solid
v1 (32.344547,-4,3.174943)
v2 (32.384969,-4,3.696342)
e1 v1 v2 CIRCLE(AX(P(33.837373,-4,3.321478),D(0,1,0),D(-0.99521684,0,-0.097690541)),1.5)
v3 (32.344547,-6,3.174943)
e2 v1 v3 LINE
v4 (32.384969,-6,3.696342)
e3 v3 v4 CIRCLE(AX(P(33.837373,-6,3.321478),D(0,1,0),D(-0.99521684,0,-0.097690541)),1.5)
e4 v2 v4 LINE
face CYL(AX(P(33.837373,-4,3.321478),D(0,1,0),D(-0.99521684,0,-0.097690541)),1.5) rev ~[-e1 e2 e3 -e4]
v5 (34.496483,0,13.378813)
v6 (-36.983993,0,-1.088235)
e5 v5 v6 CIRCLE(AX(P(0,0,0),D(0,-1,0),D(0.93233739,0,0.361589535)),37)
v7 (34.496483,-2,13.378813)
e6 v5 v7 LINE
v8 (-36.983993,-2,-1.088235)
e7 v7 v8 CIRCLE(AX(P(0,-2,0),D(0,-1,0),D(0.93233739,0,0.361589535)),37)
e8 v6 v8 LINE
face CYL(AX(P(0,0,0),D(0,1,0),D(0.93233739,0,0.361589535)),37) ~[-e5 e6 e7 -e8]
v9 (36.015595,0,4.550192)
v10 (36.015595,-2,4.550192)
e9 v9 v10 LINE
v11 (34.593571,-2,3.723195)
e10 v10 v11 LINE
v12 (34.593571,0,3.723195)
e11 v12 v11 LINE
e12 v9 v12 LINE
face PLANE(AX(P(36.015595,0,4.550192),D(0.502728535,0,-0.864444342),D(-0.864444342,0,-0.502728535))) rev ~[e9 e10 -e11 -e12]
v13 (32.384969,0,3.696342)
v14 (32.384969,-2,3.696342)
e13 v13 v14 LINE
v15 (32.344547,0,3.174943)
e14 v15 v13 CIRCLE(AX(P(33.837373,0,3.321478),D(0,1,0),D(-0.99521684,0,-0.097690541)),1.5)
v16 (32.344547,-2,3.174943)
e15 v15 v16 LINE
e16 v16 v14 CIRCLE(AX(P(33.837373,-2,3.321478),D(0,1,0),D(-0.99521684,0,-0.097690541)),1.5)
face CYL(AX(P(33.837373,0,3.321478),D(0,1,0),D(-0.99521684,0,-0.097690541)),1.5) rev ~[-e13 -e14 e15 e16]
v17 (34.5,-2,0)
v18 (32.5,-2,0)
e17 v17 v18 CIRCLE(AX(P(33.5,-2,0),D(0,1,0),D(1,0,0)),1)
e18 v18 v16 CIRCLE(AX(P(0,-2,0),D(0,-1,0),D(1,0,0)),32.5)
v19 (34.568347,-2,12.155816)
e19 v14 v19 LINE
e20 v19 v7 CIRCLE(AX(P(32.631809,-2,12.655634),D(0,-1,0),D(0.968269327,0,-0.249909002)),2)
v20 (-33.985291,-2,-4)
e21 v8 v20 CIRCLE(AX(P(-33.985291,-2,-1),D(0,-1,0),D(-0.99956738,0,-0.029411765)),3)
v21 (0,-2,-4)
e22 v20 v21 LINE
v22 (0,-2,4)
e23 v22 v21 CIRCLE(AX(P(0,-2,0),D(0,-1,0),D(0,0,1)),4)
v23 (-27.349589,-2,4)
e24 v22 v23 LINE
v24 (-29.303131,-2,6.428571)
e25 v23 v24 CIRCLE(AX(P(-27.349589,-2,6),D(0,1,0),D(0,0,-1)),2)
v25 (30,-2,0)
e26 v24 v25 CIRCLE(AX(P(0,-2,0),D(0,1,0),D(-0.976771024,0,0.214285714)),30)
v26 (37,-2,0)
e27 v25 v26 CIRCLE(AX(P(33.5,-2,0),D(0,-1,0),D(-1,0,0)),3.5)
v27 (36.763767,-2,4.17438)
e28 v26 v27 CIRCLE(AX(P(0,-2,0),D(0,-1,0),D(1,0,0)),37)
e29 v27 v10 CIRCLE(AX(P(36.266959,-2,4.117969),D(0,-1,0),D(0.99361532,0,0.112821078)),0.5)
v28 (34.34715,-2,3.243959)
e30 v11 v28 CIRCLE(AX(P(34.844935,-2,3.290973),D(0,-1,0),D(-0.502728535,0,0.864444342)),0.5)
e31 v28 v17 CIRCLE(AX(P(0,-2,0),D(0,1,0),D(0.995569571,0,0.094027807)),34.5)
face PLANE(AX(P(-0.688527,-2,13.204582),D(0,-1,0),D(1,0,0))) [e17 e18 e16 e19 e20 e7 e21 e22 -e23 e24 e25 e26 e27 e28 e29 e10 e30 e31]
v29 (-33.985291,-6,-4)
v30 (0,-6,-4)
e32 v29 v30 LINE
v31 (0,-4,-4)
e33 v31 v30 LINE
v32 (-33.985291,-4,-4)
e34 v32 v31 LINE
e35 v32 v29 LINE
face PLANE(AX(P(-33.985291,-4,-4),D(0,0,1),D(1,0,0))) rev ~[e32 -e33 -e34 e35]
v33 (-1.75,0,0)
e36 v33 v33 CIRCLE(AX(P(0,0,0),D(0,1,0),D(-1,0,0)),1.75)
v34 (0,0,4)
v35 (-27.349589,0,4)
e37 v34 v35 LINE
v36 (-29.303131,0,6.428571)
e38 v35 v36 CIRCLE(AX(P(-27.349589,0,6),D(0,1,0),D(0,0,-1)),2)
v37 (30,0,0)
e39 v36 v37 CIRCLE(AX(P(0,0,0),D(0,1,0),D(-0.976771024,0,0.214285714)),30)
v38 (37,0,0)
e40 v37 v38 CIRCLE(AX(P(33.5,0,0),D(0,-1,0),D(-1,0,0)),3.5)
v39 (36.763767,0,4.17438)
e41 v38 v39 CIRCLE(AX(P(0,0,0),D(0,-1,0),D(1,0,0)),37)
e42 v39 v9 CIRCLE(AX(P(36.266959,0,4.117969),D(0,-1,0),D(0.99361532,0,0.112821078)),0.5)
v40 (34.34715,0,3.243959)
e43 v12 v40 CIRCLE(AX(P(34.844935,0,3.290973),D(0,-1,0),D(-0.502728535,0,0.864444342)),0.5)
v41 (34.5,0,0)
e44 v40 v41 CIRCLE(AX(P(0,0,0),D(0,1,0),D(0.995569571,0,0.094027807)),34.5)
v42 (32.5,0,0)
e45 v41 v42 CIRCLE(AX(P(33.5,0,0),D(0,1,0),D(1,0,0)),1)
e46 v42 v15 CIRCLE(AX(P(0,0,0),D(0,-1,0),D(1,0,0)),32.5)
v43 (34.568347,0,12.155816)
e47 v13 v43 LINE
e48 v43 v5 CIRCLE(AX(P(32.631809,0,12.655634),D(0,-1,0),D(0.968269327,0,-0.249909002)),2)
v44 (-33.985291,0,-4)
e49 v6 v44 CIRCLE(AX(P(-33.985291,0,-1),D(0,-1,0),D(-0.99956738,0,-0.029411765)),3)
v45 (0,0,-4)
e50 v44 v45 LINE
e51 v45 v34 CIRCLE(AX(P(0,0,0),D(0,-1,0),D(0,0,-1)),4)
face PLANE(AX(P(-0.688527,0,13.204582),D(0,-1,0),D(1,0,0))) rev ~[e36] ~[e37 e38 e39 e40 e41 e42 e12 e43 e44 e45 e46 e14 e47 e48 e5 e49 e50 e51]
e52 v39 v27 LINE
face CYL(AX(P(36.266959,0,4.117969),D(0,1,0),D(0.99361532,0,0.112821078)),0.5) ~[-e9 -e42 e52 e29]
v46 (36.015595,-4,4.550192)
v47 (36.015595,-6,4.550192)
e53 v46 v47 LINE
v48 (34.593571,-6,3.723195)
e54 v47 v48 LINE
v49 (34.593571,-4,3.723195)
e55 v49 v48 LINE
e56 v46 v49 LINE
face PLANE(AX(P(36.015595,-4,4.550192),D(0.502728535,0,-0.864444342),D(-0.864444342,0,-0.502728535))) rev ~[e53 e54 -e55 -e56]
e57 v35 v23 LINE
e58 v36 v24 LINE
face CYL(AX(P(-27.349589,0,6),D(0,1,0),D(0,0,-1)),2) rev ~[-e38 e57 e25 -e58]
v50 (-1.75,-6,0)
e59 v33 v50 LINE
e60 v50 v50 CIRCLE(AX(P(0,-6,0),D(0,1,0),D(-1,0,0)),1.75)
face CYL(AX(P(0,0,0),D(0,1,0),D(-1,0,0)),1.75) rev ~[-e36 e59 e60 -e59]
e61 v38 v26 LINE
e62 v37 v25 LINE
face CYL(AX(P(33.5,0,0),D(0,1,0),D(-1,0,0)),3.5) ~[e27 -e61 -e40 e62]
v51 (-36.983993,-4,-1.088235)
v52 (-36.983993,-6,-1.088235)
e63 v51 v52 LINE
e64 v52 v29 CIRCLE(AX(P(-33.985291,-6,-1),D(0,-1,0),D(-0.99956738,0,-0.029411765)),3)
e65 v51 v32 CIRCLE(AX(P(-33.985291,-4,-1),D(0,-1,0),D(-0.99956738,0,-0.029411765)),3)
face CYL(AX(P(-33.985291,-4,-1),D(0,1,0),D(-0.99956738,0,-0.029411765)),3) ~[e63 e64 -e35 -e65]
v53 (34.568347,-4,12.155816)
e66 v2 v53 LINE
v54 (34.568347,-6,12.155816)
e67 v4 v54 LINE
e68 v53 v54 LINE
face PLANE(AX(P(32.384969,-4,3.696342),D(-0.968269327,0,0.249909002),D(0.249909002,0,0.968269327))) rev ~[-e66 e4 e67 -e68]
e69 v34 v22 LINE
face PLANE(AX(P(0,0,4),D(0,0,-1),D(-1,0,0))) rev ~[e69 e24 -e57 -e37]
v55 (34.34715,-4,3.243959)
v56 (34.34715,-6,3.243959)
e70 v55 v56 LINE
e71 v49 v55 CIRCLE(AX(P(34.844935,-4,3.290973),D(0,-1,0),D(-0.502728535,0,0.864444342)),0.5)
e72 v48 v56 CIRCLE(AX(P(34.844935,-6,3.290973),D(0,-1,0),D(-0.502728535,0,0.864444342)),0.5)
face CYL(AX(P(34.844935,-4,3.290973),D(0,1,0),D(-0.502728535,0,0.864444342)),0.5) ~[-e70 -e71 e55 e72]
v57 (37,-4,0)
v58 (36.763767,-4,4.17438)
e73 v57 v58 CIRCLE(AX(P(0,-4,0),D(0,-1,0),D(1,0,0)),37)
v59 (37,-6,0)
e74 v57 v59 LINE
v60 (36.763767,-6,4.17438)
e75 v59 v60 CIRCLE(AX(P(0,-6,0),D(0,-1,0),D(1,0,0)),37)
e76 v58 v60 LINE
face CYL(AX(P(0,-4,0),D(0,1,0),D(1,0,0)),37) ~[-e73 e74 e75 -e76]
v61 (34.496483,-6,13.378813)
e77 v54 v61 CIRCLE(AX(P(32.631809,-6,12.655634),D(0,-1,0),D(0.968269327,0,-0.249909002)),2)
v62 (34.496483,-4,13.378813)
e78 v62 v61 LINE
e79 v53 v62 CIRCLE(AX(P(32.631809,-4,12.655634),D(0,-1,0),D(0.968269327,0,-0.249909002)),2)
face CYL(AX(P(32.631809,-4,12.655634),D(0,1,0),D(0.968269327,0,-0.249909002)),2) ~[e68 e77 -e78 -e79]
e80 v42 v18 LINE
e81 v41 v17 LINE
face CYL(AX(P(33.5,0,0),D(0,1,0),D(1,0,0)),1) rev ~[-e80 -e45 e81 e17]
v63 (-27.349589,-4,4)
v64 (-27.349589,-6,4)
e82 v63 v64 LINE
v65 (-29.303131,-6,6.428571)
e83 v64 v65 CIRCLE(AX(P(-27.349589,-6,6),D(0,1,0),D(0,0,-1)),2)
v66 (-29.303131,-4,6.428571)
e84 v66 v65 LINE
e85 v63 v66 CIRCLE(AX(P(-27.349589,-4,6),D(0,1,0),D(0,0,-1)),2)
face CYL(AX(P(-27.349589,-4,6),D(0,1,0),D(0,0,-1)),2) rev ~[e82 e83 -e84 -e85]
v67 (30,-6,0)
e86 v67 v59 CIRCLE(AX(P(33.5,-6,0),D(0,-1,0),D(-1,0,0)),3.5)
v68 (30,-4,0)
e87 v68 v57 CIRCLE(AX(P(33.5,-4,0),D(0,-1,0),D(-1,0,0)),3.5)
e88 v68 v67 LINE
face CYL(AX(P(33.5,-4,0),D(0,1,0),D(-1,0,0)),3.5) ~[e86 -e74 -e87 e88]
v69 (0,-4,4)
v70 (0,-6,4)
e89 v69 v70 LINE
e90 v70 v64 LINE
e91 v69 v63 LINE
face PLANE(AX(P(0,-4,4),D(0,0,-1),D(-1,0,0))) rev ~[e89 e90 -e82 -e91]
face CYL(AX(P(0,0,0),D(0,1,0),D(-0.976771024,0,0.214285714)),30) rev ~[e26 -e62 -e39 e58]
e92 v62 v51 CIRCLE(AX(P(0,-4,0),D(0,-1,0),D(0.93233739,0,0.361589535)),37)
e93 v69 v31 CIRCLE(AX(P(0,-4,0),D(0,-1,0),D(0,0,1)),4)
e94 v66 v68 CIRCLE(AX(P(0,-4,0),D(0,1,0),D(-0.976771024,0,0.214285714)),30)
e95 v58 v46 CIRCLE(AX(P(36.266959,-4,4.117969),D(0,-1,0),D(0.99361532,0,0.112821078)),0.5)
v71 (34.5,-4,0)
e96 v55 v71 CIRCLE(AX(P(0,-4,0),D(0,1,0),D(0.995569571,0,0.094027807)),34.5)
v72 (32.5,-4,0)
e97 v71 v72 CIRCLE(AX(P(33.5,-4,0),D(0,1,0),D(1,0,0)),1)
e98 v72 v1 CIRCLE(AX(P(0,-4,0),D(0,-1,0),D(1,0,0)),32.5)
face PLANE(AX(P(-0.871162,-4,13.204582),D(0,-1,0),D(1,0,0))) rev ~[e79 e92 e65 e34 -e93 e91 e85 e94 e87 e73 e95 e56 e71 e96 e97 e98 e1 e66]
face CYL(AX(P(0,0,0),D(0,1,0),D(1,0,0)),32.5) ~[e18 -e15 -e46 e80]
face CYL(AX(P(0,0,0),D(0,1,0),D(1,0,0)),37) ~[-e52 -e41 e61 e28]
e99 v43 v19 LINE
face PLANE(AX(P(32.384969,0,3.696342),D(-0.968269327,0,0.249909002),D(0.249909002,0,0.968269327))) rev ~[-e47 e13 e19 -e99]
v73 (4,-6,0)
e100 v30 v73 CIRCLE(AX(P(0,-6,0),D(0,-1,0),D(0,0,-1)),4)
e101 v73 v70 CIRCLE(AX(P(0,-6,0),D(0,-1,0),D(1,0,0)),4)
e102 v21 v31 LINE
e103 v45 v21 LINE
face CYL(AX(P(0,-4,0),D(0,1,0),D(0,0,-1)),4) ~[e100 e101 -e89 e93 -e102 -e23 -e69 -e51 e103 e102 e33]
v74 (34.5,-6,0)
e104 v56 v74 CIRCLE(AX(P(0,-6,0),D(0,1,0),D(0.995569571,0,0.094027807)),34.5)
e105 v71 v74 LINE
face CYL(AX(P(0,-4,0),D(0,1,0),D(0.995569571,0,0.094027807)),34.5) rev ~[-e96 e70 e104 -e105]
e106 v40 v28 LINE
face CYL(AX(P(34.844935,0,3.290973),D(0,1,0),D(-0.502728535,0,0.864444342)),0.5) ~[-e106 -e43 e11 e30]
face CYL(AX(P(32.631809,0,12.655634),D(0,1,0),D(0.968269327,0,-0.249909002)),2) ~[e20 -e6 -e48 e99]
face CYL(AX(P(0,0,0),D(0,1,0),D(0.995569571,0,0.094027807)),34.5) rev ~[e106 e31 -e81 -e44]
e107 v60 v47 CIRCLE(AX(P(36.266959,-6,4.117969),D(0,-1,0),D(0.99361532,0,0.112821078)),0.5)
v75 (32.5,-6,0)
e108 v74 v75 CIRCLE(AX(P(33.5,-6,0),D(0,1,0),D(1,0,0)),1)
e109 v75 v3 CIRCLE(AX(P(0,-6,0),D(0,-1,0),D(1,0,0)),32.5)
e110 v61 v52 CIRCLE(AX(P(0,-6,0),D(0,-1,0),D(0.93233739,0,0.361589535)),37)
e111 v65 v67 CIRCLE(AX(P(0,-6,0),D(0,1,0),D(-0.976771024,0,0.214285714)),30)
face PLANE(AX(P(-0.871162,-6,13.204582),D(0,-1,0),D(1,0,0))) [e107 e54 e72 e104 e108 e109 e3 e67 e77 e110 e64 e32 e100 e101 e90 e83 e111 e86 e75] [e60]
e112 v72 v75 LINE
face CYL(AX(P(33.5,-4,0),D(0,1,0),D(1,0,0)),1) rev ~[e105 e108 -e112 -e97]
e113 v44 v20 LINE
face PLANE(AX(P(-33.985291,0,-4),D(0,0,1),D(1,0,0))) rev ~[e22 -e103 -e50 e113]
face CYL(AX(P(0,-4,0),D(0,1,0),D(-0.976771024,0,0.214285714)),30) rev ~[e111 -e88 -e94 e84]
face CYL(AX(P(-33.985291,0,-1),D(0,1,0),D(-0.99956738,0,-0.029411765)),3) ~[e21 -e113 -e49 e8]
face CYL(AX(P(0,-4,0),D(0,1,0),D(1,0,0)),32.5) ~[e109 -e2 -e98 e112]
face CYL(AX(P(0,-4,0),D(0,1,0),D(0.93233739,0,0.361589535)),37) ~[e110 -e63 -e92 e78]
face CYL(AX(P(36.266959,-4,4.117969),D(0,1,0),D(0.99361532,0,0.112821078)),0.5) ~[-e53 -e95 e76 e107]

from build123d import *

# Parameters (mm, degrees)
F1_DEPTH = 2
F3_DEPTH = 2
F5_DEPTH = 2
F6_R     = 1.75
F7_DEPTH = 6


with BuildPart() as f1:
    # F0 (on Front) → F1 (new body)
    with BuildSketch(Plane.XZ):
        with BuildLine():
            Line((36.0155949142, 4.5501915368), (34.5935707333, 3.7231953967))
            ThreePointArc((34.5935707333, 3.7231953967), (34.4002745916, 3.51961513), (34.3471502153, 3.2439593227))
            ThreePointArc((34.3471502153, 3.2439593227), (34.4617663682, 1.6237791679), (34.5, 0))
            ThreePointArc((34.5, 0), (33.5, -1), (32.5, 0))
            ThreePointArc((32.5, 0), (32.4611135591, 1.589372991), (32.344547292, 3.1749425938))
            ThreePointArc((32.344547292, 3.1749425938), (32.3418598815, 3.4374174131), (32.3849685604, 3.6963419093))
            Line((32.3849685604, 3.6963419093), (34.5683472951, 12.1558157161))
            ThreePointArc((34.5683472951, 12.1558157161), (34.6283647637, 12.7729522849), (34.4964834196, 13.3788127905))
            ThreePointArc((34.4964834196, 13.3788127905), (-7.3396727546, 36.2647101719), (-36.9839930773, -1.0882352941))
            ThreePointArc((-36.9839930773, -1.0882352941), (-36.075182574, -3.1522901619), (-33.9852909359, -4))
            Line((-33.9852909359, -4), (-29.7321374946, -4))
            Line((-29.7321374946, -4), (0, -4))
            ThreePointArc((0, -4), (4, 0), (0, 4))
            Line((0, 4), (-27.3495886624, 4))
            ThreePointArc((-27.3495886624, 4), (-28.9079761073, 4.7464336589), (-29.3031307097, 6.4285714286))
            ThreePointArc((-29.3031307097, 6.4285714286), (3.2331160442, 29.825273857), (30, 0))
            ThreePointArc((30, 0), (33.5, -3.5), (37, 0))
            ThreePointArc((37, 0), (36.9408945016, 2.0905294604), (36.7637668419, 4.1743799053))
            ThreePointArc((36.7637668419, 4.1743799053), (36.4913900405, 4.5647699812), (36.0155949142, 4.5501915368))
        make_face()
    extrude(amount=F1_DEPTH)

    # F2 (on face) → F3 (join)
    with BuildSketch(Plane.XZ.offset(2)):
        with BuildLine():
            ThreePointArc((0, -4), (2.8284271247, -2.8284271247), (4, 0))
            ThreePointArc((4, 0), (2.8284271247, 2.8284271247), (0, 4))
            ThreePointArc((0, 4), (-4, 0), (0, -4))
        make_face()
    extrude(amount=F3_DEPTH)

    # F4 (on face) → F5 (join)
    with BuildSketch(Plane.XZ.offset(4)):
        with BuildLine():
            Line((36.0155949142, 4.5501915368), (34.5935707333, 3.7231953967))
            ThreePointArc((34.5935707333, 3.7231953967), (34.4002745916, 3.51961513), (34.3471502153, 3.2439593227))
            ThreePointArc((34.3471502153, 3.2439593227), (34.4617663682, 1.6237791679), (34.5, 0))
            ThreePointArc((34.5, 0), (33.5, -1), (32.5, 0))
            ThreePointArc((32.5, 0), (32.4611135591, 1.589372991), (32.344547292, 3.1749425938))
            ThreePointArc((32.344547292, 3.1749425938), (32.3418598815, 3.4374174131), (32.3849685604, 3.6963419093))
            Line((32.3849685604, 3.6963419093), (34.5683472951, 12.1558157161))
            ThreePointArc((34.5683472951, 12.1558157161), (34.6283647637, 12.7729522849), (34.4964834196, 13.3788127905))
            ThreePointArc((34.4964834196, 13.3788127905), (-7.3396727546, 36.2647101719), (-36.9839930773, -1.0882352941))
            ThreePointArc((-36.9839930773, -1.0882352941), (-36.075182574, -3.1522901619), (-33.9852909359, -4))
            Line((-33.9852909359, -4), (-29.7321374946, -4))
            Line((-29.7321374946, -4), (0, -4))
            ThreePointArc((0, -4), (-4, 0), (0, 4))
            Line((0, 4), (-27.3495886624, 4))
            ThreePointArc((-27.3495886624, 4), (-28.9079761073, 4.7464336589), (-29.3031307097, 6.4285714286))
            ThreePointArc((-29.3031307097, 6.4285714286), (3.2331160442, 29.825273857), (30, 0))
            ThreePointArc((30, 0), (33.5, -3.5), (37, 0))
            ThreePointArc((37, 0), (36.9408945016, 2.0905294604), (36.7637668419, 4.1743799053))
            ThreePointArc((36.7637668419, 4.1743799053), (36.4913900405, 4.5647699812), (36.0155949142, 4.5501915368))
        make_face()
        with BuildLine():
            ThreePointArc((4, 0), (2.8284271247, 2.8284271247), (0, 4))
            ThreePointArc((0, 4), (-4, 0), (0, -4))
            ThreePointArc((0, -4), (2.8284271247, -2.8284271247), (4, 0))
        make_face()
    extrude(amount=F5_DEPTH)

    # F6 (on face) → F7 (cut)
    with BuildSketch(Plane(origin=(0, 0, 0), x_dir=(-1, 0, 0), z_dir=(0, 1, 0))):
        Circle(F6_R)
    extrude(amount=-F7_DEPTH, mode=Mode.SUBTRACT)


solid = f1.part
